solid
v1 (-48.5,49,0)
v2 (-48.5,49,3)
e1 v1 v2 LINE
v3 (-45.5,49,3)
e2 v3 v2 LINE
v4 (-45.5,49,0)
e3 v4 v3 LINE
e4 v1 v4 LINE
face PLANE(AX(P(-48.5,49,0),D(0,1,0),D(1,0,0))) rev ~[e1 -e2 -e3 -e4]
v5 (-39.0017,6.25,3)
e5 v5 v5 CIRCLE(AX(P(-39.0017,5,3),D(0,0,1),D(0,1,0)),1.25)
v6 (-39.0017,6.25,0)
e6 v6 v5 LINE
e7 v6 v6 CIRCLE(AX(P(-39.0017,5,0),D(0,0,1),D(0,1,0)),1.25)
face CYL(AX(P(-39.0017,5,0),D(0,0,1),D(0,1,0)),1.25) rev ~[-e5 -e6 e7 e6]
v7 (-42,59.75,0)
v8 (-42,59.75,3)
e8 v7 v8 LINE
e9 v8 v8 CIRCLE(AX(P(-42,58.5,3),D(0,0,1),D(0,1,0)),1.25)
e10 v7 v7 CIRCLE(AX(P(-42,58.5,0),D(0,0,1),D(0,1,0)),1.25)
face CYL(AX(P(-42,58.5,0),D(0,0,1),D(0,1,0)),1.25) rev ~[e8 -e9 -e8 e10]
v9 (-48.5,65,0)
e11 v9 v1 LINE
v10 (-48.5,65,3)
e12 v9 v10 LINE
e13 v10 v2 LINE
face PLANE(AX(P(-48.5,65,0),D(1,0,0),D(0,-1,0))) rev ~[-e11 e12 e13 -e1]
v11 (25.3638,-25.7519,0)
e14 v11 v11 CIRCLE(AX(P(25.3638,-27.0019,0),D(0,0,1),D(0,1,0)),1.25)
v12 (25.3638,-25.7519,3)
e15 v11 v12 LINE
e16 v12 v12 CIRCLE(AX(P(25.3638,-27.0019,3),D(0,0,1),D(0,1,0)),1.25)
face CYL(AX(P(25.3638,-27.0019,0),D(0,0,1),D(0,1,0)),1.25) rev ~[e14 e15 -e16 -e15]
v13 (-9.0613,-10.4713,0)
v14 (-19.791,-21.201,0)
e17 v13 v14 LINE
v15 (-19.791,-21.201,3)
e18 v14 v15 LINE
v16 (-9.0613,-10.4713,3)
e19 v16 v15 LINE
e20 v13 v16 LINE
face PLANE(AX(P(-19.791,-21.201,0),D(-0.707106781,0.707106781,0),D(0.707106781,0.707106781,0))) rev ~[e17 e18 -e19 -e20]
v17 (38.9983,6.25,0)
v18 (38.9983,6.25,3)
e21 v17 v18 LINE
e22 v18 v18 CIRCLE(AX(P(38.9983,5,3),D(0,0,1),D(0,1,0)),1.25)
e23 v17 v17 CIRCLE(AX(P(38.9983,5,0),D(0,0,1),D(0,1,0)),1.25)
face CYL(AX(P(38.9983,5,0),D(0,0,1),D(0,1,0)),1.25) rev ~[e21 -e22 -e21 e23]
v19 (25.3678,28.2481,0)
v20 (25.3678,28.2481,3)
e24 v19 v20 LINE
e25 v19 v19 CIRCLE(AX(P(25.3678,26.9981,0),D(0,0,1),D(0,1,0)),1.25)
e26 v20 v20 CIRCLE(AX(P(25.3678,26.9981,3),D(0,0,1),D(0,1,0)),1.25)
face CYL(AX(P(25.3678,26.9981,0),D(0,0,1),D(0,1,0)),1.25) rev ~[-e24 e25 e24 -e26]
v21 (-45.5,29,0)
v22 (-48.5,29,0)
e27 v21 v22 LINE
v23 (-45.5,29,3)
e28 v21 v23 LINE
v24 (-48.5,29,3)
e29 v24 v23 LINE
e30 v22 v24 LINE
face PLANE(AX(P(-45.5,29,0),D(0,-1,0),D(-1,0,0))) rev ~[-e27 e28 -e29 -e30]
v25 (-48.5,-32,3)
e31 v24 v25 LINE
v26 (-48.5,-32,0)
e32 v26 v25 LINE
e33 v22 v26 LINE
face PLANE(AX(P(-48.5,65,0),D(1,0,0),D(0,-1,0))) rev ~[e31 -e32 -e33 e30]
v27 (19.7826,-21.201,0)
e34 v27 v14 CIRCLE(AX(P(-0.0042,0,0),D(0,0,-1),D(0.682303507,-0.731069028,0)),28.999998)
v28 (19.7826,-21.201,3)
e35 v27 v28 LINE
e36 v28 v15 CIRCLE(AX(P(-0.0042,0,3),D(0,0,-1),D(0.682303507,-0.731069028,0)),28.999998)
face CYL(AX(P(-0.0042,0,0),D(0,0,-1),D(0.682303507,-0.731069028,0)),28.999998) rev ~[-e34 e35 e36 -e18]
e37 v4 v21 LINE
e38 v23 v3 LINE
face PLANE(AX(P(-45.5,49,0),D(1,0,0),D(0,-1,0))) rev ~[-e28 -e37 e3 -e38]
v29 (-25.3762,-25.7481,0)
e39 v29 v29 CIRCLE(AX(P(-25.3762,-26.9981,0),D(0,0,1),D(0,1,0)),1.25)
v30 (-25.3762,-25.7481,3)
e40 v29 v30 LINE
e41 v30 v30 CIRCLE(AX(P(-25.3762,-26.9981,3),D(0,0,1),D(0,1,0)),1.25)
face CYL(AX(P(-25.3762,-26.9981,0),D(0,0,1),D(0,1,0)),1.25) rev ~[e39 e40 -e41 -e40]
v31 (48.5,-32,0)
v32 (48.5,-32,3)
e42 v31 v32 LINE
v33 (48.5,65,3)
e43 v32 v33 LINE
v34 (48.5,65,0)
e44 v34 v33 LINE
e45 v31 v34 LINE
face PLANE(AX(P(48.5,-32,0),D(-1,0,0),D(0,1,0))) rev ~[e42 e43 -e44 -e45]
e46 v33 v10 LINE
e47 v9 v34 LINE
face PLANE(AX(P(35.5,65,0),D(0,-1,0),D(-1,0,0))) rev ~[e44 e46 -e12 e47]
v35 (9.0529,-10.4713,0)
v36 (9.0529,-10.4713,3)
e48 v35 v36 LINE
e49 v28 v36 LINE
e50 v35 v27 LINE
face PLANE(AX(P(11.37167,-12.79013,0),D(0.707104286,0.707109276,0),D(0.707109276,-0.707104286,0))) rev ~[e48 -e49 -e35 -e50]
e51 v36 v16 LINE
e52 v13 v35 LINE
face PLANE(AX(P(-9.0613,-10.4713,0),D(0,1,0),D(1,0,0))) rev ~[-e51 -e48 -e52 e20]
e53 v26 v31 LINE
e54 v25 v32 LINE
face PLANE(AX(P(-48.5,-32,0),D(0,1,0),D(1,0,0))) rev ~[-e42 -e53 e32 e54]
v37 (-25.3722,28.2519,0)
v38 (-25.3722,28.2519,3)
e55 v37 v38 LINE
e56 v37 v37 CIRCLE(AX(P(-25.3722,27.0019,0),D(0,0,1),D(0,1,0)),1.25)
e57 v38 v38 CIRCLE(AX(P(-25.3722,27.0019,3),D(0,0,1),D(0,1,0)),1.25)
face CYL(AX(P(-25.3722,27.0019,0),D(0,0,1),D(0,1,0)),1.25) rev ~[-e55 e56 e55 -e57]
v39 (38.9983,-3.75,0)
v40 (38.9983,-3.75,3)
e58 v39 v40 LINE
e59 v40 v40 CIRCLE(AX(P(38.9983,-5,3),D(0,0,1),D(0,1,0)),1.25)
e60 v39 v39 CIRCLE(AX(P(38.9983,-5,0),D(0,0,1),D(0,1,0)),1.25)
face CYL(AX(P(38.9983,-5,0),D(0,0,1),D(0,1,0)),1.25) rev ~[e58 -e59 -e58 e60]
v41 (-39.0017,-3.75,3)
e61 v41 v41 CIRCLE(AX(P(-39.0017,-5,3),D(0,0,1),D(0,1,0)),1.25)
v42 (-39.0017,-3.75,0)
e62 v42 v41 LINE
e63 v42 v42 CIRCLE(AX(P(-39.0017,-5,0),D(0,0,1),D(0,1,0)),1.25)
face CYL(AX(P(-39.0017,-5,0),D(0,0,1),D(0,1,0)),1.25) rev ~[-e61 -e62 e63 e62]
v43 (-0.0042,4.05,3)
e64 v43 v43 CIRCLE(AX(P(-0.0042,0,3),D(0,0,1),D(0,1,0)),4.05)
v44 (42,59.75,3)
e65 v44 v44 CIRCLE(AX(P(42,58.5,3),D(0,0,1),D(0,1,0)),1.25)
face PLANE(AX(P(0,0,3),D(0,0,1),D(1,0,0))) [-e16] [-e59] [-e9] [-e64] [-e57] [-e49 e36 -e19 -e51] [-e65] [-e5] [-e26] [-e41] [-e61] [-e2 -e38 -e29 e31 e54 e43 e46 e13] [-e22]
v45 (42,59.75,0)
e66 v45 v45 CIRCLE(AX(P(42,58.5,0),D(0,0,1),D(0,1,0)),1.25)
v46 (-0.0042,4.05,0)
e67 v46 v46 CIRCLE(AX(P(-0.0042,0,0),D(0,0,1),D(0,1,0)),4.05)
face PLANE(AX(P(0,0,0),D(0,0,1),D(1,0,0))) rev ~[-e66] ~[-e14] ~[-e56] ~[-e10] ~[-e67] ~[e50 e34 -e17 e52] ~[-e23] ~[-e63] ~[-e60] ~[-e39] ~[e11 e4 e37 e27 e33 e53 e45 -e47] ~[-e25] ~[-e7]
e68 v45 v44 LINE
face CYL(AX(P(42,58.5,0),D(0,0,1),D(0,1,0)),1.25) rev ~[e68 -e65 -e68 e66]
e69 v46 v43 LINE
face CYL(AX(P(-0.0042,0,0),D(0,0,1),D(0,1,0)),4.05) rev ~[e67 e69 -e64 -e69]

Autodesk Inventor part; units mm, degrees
ref_plane "YZ Plane" through (0, 0, 0) normal (1, 0, 0) x (0, 1, 0)
ref_plane "XZ Plane" through (0, 0, 0) normal (0, 1, 0) x (-1, 0, 0)
ref_plane "XY Plane" through (0, 0, 0) normal (0, 0, 1) x (1, 0, 0)
sketch "Boceto1" plane through (0, 0, 0) normal (0, 0, 1) x (1, 0, 0)
  line L0 (48.5, -35) -> (48.5, 68) projected
  line L1 (48.5, 65) -> (35.5, 65) projected
  line L2 (-48.5, 68) -> (-48.5, -35) projected
  line L3 (-48.5, -32) -> (48.5, -32) projected
  line L4 (-48.5, -32) -> (48.5, -32)
  line L5 (48.5, -32) -> (48.5, 65)
  line L6 (48.5, 65) -> (-48.5, 65)
  line L7 (-48.5, 65) -> (-48.5, -32)
  point P0 (0, 0)
  point P1 (-48.5, 65)
extrude "Extrusión1" add sketch "Boceto1" along normal blind 3
sketch "Boceto5" plane through (0, 0, 0) normal (0, 0, -1) x (-1, 0, 0)
  line L0 (11.3801, -12.7901) -> (-11.3717, -12.7901)
  line L1 (19.791, -21.201) -> (5.6217, -7.0317) projected
  line L2 (-5.6132, -7.0317) -> (-19.7826, -21.201) projected
  line L3 (9.0613, -10.4713) -> (-9.0529, -10.4713)
  arc A0 (-19.7826, -21.201) -> (19.791, -21.201) centre (0.0042, 0) ccw projected
  point P0 (0, 0)
extrude "Extrusión5" cut sketch "Boceto5" against normal through all
sketch "Boceto6" plane through (0, 0, 0) normal (0, 0, -1) x (-1, 0, 0)
  arc A0 (-19.7826, -21.201) -> (19.791, -21.201) centre (0.0042, 0) ccw projected
  circle A1 centre (-38.9983, 5) radius 1.25 projected
  circle A2 centre (-38.9983, 5) radius 1.25 projected
  circle A3 centre (-38.9983, -5) radius 1.25 projected
  circle A4 centre (39.0017, 5) radius 1.25 projected
  circle A5 centre (39.0017, 5) radius 1.25 projected
  circle A6 centre (39.0017, -5) radius 1.25 projected
  point P0 (0, 0)
hole "Agujero1" at (-0.0042, 0, 0) direction (0, 0, 1) diameter 8.1 end through all
sketch "Boceto7" plane through (0, 0, 0) normal (0, 0, -1) x (-1, 0, 0)
  circle A0 centre (25.3722, 27.0019) radius 1.5 projected
  circle A1 centre (0.0042, 0) radius 4.05 projected
  arc A2 (-19.7826, -21.201) -> (19.791, -21.201) centre (0.0042, 0) ccw projected
  line L0 (-19.7826, -21.201) -> (-9.0529, -10.4713) projected
  line L1 (-9.0529, -10.4713) -> (9.0613, -10.4713) projected
  line L2 (9.0613, -10.4713) -> (19.791, -21.201) projected
  line L3 (48.5, 65) -> (48.5, -32) projected
  line L4 (-48.5, 65) -> (48.5, 65) projected
  line L5 (-48.5, -32) -> (-48.5, 65) projected
  line L6 (48.5, -32) -> (-48.5, -32) projected
  circle A3 centre (-25.3678, 26.9981) radius 1.5 projected
  circle A4 centre (-25.3638, -27.0019) radius 1.25 projected
  circle A5 centre (25.3762, -26.9981) radius 1.25 projected
  circle A6 centre (-42, 58.5) radius 1.25 projected
  circle A7 centre (42, 58.5) radius 1.25 projected
  circle A8 centre (-38.9983, 5) radius 1.25 projected
  circle A9 centre (-38.9983, 5) radius 1.25 projected
  circle A10 centre (-38.9983, -5) radius 1.25 projected
  circle A11 centre (39.0017, -5) radius 1.25 projected
  circle A12 centre (39.0017, 5) radius 1.25 projected
  point P0 (0, 0)
hole "Agujero2" at (-25.3762, -26.9981, 0) at (25.3638, -27.0019, 0) at (25.3678, 26.9981, 0) at (-25.3722, 27.0019, 0) at (42, 58.5, 0) at (-42, 58.5, 0) at (38.9983, -5, 0) at (38.9983, 5, 0) at (-39.0017, -5, 0) at (-39.0017, 5, 0) direction (0, 0, 1) diameter 2.5 end through all
sketch "Boceto9" plane through (0, 0, 0) normal (0, 0, -1) x (-1, 0, 0)
  line L0 (48.5, 65) -> (48.5, 49)
  line L1 (48.5, 65) -> (48.5, -32) projected
  line L2 (48.5, 49) -> (45.5, 49)
  line L3 (45.5, 49) -> (45.5, 29)
  line L4 (45.5, 29) -> (48.5, 29)
  point P0 (0, 0)
  dimension "d32" = 16
  dimension "d33" = 3
  dimension "d34" = 20
extrude "Extrusión7" cut sketch "Boceto9" against normal blind 10
properties part number "Madera intermedia"
